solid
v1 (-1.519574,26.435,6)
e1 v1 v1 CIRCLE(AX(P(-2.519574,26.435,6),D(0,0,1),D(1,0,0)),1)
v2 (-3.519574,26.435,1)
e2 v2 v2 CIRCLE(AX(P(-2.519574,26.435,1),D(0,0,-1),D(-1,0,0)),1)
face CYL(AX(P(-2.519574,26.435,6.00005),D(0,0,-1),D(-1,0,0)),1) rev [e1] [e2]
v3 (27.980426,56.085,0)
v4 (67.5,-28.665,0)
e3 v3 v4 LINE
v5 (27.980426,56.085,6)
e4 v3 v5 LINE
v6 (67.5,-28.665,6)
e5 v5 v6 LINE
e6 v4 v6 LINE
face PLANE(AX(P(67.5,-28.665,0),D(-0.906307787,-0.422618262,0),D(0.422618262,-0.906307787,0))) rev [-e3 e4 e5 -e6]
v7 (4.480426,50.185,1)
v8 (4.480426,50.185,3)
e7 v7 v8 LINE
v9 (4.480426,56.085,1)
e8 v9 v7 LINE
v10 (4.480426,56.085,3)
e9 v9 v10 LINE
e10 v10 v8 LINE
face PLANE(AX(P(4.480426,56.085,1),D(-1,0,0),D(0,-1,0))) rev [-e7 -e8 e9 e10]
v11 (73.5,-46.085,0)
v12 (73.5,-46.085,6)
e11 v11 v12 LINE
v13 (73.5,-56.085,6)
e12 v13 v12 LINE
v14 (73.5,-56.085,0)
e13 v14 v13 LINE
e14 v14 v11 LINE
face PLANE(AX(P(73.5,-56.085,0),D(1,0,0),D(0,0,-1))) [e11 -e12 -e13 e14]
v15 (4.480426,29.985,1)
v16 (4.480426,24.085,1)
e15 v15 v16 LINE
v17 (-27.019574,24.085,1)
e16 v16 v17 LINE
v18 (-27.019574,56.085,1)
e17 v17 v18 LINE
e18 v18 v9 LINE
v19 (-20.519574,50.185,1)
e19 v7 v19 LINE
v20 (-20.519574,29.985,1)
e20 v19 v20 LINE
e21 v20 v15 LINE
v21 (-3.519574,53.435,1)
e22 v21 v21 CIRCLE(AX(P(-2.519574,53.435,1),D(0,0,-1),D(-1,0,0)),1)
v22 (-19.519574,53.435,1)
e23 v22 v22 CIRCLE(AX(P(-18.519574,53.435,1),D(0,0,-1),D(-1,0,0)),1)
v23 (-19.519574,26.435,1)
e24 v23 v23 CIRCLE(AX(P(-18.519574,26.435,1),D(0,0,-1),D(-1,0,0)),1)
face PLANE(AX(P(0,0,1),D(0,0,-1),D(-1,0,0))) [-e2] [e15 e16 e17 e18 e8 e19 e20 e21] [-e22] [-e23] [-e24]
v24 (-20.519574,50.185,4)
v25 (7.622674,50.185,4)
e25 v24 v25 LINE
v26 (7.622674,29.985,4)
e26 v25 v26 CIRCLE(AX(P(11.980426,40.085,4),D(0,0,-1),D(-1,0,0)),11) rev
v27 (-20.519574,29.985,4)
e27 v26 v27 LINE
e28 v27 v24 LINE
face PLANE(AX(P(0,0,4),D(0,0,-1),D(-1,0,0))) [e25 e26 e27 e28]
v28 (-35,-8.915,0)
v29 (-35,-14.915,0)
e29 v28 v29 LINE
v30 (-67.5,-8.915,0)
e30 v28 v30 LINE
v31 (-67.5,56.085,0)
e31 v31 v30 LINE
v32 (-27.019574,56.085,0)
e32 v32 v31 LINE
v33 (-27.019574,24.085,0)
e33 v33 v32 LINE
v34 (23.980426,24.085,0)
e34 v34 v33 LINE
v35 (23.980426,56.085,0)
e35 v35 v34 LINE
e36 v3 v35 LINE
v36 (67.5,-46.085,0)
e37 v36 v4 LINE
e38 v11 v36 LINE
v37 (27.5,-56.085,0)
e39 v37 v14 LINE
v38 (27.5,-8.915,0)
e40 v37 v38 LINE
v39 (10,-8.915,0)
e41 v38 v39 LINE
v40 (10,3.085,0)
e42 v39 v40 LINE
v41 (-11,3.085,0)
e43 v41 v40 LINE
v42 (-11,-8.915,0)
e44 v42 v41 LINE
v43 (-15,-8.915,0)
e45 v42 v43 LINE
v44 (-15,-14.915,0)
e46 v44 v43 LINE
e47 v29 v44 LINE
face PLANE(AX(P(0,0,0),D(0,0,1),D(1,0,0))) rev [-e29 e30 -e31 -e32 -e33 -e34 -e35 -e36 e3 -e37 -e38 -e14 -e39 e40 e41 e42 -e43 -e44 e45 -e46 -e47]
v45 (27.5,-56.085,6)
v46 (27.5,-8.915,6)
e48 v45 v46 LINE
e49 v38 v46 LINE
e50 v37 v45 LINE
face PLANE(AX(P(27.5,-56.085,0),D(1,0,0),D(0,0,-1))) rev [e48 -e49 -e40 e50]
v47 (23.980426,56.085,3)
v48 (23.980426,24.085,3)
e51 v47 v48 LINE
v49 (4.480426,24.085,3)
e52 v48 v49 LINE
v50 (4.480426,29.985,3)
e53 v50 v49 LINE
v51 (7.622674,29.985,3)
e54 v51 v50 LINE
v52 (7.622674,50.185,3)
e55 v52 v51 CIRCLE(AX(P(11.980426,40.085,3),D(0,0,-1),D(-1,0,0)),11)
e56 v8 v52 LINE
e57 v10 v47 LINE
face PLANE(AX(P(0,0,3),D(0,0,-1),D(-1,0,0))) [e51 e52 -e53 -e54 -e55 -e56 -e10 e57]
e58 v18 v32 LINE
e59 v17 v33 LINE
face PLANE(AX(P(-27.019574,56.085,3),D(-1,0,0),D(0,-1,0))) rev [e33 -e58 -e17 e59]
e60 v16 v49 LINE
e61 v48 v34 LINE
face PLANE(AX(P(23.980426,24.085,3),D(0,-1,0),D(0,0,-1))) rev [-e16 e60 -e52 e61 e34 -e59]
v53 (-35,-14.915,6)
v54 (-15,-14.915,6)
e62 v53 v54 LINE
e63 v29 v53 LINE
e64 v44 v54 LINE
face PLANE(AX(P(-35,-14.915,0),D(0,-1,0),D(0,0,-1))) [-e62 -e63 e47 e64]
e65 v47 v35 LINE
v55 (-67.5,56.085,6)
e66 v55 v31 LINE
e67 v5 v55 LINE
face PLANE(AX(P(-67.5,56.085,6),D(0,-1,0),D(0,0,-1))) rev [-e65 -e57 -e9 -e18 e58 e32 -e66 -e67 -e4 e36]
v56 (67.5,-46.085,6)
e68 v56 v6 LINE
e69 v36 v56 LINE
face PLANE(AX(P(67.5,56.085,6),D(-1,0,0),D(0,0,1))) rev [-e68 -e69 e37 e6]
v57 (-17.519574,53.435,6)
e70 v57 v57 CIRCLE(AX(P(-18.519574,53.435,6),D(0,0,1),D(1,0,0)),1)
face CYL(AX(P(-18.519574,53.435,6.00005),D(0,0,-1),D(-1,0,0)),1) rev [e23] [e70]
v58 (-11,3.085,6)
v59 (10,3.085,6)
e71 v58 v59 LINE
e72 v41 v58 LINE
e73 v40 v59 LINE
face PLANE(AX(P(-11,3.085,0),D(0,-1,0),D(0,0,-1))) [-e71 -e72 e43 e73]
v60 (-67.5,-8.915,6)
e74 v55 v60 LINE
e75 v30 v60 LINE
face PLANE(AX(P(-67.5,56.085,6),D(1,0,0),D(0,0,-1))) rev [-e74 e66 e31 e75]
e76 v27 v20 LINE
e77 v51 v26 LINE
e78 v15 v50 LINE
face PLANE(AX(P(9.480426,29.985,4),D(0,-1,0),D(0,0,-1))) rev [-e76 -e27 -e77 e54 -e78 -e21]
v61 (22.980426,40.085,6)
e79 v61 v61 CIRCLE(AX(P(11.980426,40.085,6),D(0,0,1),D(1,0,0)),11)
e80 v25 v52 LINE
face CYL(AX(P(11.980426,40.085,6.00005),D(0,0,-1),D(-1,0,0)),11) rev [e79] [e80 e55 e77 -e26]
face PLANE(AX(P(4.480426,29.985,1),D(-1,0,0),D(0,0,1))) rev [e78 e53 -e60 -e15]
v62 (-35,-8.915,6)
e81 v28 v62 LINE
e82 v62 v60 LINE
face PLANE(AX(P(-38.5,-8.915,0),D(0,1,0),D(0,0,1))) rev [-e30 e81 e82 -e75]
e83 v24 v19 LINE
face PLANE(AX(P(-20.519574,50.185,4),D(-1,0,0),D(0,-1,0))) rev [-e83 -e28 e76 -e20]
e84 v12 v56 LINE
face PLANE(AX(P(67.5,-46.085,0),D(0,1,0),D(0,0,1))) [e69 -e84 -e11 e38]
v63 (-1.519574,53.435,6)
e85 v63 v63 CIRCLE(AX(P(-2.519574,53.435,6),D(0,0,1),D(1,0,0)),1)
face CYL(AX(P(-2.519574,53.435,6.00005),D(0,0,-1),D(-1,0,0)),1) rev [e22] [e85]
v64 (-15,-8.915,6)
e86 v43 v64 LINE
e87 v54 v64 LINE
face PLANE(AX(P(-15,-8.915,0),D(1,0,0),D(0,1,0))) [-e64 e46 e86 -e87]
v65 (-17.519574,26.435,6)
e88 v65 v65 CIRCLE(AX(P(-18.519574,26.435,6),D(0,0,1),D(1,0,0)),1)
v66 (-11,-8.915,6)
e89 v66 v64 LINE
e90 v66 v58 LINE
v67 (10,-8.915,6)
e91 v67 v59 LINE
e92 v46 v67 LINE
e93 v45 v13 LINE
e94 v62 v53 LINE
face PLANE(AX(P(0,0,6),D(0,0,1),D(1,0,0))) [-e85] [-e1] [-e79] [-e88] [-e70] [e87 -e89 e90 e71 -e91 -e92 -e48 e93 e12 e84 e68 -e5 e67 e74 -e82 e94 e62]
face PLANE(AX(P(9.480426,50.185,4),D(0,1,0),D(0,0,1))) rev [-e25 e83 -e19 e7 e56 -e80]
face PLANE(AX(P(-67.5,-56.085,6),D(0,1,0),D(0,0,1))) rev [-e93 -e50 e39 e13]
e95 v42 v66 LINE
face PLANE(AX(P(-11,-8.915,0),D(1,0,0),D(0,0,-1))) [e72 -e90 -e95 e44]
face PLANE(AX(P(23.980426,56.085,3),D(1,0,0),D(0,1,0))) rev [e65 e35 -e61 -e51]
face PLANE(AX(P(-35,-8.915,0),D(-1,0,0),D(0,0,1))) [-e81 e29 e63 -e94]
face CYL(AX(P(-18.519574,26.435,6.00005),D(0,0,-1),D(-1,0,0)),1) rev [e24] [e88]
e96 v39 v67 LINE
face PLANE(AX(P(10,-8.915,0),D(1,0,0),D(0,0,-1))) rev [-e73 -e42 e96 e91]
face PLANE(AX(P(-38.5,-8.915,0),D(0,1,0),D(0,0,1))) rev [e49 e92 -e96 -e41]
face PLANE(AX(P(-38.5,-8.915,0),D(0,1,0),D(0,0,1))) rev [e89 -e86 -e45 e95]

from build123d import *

# Parameters (mm, degrees)
ESQUISSE1_W             = 135
ESQUISSE1_H             = 112.17
BOSS_EXTRU_1_DEPTH      = 6
ENL_V_MAT_EXTRU_1_DEPTH = 6
ESQUISSE3_W             = 6
ESQUISSE3_H             = 10
ESQUISSE3_W_2           = 20
ESQUISSE3_H_2           = 6
BOSS_EXTRU_2_DEPTH      = 6
ESQUISSE4_W             = 51
ESQUISSE4_H             = 32
ENL_V_MAT_EXTRU_5_DEPTH = 3
ESQUISSE7_R             = 11
ENL_V_MAT_EXTRU_6_DEPTH = 4
ESQUISSE8_W             = 30
ESQUISSE8_H             = 20.2
ENL_V_MAT_EXTRU_7_DEPTH = 1
ESQUISSE9_W             = 25
ESQUISSE9_H             = 5.9
BOSS_EXTRU_4_DEPTH      = 2
ESQUISSE10_W            = 25
ESQUISSE10_H            = 5.9
BOSS_EXTRU_5_DEPTH      = 2
ESQUISSE11_W            = 6.5
ESQUISSE11_H            = 32
BOSS_EXTRU_6_DEPTH      = 2
ESQUISSE12_R            = 1
ENL_V_MAT_EXTRU_8_DEPTH = 6
ESQUISSE13_W            = 21
ESQUISSE13_H            = 12
ENL_V_MAT_EXTRU_9_DEPTH = 6


with BuildPart() as part:
    # Esquisse1 → Boss.-Extru.1 (new body)
    with BuildSketch(Plane.XY):
        Rectangle(ESQUISSE1_W, ESQUISSE1_H)
    extrude(amount=BOSS_EXTRU_1_DEPTH)

    # Esquisse2 → Enlèv. mat.-Extru.1 (cut)
    with BuildSketch(Plane.XY.offset(6)):
        Polygon((27.5, -56.085), (-67.5, -56.085), (-67.5, -8.915), (-38.5, -8.915), (27.5, -8.915), align=None)
        Polygon((67.5, -28.665), (27.980425971, 56.085), (67.5, 56.085), align=None)
    extrude(amount=-ENL_V_MAT_EXTRU_1_DEPTH, mode=Mode.SUBTRACT)

    # Esquisse3 → Boss.-Extru.2 (add)
    with BuildSketch(Plane.XY.offset(6)):
        with Locations((70.5, -51.085)):
            Rectangle(ESQUISSE3_W, ESQUISSE3_H)
        with Locations((-25, -11.915)):
            Rectangle(ESQUISSE3_W_2, ESQUISSE3_H_2)
    extrude(amount=-BOSS_EXTRU_2_DEPTH)

    # Esquisse4 → Enlèv. mat.-Extru.5 (cut)
    with BuildSketch(Plane(origin=(0, 0, 0), x_dir=(-1, 0, 0), z_dir=(0, 0, -1))):
        with Locations((1.519574029, 40.085)):
            Rectangle(ESQUISSE4_W, ESQUISSE4_H)
    extrude(amount=-ENL_V_MAT_EXTRU_5_DEPTH, mode=Mode.SUBTRACT)

    # Esquisse7 → Enlèv. mat.-Extru.6 (cut, through all)
    with BuildSketch(Plane(origin=(0, 0, 3), x_dir=(-1, 0, 0), z_dir=(0, 0, -1))):
        with Locations((-11.980425971, 40.085)):
            Circle(ESQUISSE7_R)
    extrude(amount=-ENL_V_MAT_EXTRU_6_DEPTH, mode=Mode.SUBTRACT)

    # Esquisse8 → Enlèv. mat.-Extru.7 (cut)
    with BuildSketch(Plane(origin=(0, 0, 3), x_dir=(-1, 0, 0), z_dir=(0, 0, -1))):
        with Locations((5.519574029, 40.085)):
            Rectangle(ESQUISSE8_W, ESQUISSE8_H)
    extrude(amount=-ENL_V_MAT_EXTRU_7_DEPTH, mode=Mode.SUBTRACT)

    # Esquisse9 → Boss.-Extru.4 (add)
    with BuildSketch(Plane(origin=(0, 0, 3), x_dir=(-1, 0, 0), z_dir=(0, 0, -1))):
        with Locations((8.019574029, 53.135)):
            Rectangle(ESQUISSE9_W, ESQUISSE9_H)
    extrude(amount=BOSS_EXTRU_4_DEPTH)

    # Esquisse10 → Boss.-Extru.5 (add)
    with BuildSketch(Plane(origin=(0, 0, 3), x_dir=(-1, 0, 0), z_dir=(0, 0, -1))):
        with Locations((8.019574029, 27.035)):
            Rectangle(ESQUISSE10_W, ESQUISSE10_H)
    extrude(amount=BOSS_EXTRU_5_DEPTH)

    # Esquisse11 → Boss.-Extru.6 (add)
    with BuildSketch(Plane(origin=(0, 0, 3), x_dir=(-1, 0, 0), z_dir=(0, 0, -1))):
        with Locations((23.769574029, 40.085)):
            Rectangle(ESQUISSE11_W, ESQUISSE11_H)
    extrude(amount=BOSS_EXTRU_6_DEPTH)

    # Esquisse12 → Enlèv. mat.-Extru.8 (cut, through all)
    with BuildSketch(Plane(origin=(0, 0, 1), x_dir=(-1, 0, 0), z_dir=(0, 0, -1))):
        with Locations((2.519574029, 53.435)):
            Circle(ESQUISSE12_R)
        with Locations((18.519574029, 53.435)):
            Circle(ESQUISSE12_R)
        with Locations((2.519574029, 26.435)):
            Circle(ESQUISSE12_R)
        with Locations((18.519574029, 26.435)):
            Circle(ESQUISSE12_R)
    extrude(amount=-ENL_V_MAT_EXTRU_8_DEPTH, mode=Mode.SUBTRACT)

    # Esquisse13 → Enlèv. mat.-Extru.9 (cut)
    with BuildSketch(Plane.XY.offset(6)):
        with Locations((-0.5, -2.915)):
            Rectangle(ESQUISSE13_W, ESQUISSE13_H)
    extrude(amount=-ENL_V_MAT_EXTRU_9_DEPTH, mode=Mode.SUBTRACT)


solid = part.part
